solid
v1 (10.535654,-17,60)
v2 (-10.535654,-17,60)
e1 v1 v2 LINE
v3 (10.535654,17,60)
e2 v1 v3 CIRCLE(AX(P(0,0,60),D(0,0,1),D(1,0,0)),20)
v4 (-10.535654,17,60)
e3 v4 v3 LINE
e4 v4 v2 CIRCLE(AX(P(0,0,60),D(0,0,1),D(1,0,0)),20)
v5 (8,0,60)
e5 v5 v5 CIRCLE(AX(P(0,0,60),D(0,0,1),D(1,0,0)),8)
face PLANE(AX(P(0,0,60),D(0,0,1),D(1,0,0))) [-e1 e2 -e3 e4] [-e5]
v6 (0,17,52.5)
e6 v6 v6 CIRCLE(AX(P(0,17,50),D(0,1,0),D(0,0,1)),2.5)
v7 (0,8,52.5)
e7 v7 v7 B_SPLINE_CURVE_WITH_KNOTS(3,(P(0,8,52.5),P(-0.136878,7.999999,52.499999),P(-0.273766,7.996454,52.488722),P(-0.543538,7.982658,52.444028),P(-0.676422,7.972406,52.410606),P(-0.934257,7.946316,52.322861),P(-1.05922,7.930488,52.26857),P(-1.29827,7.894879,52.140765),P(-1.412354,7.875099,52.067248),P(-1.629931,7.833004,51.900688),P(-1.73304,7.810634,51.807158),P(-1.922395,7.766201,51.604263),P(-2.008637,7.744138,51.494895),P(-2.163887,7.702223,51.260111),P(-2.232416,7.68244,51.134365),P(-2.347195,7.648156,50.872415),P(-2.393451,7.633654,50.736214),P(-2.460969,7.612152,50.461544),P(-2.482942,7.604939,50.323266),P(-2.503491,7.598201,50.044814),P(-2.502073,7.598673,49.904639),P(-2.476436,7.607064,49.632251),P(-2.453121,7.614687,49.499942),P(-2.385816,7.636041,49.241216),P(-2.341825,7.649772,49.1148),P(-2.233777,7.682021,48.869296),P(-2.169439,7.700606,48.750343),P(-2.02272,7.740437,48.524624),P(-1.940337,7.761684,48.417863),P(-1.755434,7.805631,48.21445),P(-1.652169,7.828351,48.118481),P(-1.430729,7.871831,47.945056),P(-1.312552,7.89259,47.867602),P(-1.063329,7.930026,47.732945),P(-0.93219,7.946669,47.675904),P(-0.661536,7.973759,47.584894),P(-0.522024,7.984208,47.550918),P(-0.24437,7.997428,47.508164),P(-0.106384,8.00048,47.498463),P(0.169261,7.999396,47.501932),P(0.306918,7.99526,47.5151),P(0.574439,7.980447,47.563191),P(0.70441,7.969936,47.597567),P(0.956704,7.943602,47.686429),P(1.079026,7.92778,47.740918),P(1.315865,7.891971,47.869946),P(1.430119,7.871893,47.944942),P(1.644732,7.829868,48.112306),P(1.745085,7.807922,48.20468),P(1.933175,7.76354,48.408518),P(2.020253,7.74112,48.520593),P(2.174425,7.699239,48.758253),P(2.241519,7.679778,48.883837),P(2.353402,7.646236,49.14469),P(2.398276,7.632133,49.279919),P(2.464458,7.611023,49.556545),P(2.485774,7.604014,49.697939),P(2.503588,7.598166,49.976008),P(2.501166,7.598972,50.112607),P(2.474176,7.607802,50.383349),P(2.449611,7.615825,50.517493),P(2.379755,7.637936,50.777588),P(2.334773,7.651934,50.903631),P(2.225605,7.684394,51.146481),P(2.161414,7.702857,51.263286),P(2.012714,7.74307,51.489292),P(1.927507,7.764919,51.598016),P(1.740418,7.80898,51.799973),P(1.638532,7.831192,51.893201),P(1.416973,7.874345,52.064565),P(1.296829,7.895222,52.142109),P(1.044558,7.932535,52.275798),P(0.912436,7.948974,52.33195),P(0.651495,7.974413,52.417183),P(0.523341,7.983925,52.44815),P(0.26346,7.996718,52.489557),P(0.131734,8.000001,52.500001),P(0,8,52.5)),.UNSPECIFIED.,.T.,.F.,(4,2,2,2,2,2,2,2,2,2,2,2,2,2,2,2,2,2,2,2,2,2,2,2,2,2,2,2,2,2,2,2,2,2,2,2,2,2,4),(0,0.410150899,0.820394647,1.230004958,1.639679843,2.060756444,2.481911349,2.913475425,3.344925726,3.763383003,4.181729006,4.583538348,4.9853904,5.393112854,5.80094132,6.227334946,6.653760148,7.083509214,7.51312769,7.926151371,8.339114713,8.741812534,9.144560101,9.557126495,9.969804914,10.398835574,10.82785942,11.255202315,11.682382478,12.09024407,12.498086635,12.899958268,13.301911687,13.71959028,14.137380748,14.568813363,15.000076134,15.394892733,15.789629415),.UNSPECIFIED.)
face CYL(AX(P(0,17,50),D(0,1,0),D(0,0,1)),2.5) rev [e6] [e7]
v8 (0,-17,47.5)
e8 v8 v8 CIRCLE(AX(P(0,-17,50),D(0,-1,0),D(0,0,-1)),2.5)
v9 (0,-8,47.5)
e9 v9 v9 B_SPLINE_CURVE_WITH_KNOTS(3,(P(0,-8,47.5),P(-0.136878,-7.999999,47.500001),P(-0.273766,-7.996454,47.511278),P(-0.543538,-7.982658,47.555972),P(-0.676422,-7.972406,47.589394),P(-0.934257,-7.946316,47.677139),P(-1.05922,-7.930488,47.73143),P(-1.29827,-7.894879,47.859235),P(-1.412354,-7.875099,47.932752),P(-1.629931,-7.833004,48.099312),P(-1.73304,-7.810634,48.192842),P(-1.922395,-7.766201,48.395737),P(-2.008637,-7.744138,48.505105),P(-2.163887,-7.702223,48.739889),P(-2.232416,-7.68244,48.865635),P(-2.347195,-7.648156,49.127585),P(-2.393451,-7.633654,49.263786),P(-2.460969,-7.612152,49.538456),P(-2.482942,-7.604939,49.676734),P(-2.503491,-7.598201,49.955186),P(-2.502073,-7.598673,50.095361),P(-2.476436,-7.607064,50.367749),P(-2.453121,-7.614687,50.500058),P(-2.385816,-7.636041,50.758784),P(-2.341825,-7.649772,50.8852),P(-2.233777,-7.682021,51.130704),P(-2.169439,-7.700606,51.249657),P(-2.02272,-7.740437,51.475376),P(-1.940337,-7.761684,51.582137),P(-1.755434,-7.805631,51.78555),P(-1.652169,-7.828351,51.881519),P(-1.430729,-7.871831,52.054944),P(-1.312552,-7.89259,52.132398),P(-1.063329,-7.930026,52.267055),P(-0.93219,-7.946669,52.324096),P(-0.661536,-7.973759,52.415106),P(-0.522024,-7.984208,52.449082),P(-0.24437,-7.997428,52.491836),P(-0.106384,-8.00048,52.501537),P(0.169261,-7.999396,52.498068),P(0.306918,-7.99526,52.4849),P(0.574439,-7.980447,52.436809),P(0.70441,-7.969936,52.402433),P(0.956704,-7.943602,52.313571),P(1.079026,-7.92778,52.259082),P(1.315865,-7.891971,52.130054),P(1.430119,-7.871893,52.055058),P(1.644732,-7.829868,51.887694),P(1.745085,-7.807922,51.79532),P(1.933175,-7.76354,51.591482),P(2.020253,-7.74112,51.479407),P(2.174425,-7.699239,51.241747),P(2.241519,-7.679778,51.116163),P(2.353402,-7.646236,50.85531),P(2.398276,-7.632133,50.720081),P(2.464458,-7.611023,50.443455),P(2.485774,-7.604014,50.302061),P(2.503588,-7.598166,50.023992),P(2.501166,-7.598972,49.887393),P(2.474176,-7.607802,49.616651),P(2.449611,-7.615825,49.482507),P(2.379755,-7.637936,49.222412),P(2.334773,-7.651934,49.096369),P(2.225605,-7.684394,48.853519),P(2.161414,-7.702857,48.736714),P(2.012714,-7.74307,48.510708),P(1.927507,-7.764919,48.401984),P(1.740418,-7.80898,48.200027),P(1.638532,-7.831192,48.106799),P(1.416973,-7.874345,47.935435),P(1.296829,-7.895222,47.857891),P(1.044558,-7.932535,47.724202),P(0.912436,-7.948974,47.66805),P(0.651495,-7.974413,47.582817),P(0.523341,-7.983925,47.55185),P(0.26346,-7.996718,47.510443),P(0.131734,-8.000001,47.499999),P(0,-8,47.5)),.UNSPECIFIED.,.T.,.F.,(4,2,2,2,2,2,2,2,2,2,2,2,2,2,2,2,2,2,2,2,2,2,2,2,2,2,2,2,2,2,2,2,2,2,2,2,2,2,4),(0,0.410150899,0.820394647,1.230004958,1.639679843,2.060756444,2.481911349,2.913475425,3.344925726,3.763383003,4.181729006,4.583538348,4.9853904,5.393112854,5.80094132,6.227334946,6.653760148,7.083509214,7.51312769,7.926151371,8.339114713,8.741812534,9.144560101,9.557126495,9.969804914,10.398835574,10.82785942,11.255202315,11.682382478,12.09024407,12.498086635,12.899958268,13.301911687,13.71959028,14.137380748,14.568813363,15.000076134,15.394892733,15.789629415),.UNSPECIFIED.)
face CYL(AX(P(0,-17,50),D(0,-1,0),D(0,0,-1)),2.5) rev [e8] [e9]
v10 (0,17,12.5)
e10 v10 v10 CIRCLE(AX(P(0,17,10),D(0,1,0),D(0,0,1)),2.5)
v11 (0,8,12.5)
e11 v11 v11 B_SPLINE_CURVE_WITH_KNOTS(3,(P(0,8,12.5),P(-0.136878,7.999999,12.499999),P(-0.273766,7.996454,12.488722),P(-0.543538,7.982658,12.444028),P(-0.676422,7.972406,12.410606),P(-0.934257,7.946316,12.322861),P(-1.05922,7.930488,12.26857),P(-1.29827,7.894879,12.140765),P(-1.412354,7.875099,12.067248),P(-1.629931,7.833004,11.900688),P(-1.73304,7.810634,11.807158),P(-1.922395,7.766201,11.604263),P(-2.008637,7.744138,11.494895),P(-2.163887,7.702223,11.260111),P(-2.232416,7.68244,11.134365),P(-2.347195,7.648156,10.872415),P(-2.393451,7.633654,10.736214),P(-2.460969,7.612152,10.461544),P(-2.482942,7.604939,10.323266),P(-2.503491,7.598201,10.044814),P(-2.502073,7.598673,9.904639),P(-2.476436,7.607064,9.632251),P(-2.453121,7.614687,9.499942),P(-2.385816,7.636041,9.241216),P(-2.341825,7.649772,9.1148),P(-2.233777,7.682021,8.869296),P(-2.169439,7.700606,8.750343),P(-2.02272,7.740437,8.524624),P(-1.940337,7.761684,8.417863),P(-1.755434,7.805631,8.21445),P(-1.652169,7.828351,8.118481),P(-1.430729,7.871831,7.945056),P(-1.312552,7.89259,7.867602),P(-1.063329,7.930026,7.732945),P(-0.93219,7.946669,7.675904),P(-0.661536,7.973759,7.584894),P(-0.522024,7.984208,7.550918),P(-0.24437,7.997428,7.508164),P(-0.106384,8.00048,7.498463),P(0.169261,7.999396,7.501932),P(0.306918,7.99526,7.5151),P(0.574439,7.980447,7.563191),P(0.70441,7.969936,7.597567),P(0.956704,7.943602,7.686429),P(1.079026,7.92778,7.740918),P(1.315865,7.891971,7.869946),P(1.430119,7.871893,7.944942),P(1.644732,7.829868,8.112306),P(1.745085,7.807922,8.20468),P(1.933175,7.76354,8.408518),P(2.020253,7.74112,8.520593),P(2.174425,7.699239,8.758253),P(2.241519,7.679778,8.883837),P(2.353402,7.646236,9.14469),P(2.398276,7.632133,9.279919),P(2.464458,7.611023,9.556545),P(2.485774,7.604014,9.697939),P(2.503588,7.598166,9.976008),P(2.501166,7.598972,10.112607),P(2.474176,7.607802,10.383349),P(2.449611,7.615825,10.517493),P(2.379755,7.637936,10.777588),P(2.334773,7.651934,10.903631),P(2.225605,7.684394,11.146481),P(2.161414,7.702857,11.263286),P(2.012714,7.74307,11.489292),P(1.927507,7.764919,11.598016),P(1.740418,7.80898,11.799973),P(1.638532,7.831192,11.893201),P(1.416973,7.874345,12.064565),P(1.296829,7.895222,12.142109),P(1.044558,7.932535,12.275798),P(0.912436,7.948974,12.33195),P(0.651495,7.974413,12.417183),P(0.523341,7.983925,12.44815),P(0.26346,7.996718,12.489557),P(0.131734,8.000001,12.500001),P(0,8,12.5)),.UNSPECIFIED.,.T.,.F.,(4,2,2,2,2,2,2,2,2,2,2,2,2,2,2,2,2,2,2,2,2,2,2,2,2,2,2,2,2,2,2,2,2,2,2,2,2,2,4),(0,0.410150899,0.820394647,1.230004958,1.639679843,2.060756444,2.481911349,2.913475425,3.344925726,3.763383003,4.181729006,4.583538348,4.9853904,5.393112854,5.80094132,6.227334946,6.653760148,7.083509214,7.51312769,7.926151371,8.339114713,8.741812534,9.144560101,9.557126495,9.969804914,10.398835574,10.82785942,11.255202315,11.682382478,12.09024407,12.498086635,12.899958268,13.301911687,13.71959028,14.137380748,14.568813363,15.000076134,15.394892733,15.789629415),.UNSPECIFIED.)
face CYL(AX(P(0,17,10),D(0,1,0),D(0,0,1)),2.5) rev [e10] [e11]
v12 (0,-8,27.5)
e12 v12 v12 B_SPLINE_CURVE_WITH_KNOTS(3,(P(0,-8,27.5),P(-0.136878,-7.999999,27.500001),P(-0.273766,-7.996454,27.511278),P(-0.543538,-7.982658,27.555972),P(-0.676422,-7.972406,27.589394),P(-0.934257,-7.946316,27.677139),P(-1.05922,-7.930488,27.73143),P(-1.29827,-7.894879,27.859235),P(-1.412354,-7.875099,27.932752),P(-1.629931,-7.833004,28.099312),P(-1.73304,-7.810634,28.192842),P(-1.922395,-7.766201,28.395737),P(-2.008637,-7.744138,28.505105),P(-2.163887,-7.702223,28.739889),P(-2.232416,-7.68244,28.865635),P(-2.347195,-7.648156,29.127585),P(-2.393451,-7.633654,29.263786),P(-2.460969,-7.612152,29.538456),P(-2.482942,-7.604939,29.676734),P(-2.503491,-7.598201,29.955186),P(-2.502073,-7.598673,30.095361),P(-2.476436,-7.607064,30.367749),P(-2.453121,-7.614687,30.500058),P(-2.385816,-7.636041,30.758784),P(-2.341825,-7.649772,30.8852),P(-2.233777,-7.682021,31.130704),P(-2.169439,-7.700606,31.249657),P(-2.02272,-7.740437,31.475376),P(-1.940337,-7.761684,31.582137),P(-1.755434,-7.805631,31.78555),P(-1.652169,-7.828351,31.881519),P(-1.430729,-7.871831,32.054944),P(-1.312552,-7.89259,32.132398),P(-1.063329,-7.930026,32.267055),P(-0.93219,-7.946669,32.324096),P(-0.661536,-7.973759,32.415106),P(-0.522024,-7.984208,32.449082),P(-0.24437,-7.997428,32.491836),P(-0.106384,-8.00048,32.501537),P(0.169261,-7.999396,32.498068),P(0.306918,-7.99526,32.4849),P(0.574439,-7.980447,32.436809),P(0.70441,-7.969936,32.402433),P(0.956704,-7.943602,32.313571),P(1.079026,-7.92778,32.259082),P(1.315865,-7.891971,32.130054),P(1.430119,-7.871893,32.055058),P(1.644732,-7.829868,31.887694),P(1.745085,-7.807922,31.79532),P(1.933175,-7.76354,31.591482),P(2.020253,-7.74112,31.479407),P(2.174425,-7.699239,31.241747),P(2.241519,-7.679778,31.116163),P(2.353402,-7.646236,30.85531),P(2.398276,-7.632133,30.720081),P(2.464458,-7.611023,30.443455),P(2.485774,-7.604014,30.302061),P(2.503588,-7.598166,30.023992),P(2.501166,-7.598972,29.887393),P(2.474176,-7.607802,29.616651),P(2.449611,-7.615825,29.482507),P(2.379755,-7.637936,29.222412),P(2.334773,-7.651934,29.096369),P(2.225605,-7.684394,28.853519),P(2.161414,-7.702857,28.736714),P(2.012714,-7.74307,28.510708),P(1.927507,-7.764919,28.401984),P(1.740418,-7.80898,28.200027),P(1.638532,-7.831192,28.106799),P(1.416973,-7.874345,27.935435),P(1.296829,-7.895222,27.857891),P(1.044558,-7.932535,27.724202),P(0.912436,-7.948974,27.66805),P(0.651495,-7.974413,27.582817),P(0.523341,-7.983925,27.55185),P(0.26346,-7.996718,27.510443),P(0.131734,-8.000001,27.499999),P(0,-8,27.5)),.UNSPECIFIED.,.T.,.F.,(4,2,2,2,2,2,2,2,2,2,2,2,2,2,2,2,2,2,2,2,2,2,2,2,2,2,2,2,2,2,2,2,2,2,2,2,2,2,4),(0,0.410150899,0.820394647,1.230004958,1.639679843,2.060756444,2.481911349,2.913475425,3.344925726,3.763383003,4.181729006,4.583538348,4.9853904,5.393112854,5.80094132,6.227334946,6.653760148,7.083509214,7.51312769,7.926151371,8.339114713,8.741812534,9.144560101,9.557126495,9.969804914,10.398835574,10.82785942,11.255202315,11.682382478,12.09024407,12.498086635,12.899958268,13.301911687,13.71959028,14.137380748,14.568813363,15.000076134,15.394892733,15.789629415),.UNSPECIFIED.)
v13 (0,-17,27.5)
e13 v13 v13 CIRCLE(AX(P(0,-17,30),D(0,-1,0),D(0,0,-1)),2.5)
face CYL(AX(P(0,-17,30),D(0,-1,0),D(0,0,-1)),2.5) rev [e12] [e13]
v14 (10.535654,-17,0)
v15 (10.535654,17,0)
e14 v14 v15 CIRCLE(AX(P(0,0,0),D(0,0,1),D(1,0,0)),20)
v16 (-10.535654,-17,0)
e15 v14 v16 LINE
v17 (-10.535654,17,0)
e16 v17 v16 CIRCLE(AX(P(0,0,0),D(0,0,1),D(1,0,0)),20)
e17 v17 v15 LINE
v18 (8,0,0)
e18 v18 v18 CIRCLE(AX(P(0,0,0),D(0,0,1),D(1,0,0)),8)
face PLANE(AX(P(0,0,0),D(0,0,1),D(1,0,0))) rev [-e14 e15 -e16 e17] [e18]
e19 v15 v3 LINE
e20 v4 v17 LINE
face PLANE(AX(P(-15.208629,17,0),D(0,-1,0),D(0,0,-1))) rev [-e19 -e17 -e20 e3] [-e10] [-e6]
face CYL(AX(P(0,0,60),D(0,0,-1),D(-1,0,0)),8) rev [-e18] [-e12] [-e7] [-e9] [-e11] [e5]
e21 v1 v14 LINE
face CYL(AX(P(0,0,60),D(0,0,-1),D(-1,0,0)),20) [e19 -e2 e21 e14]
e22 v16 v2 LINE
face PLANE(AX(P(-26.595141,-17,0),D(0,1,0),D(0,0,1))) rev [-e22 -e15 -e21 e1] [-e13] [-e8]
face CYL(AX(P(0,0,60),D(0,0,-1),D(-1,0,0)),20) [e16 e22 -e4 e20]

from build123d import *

# Parameters (mm, degrees)
ESQUISSE1_R             = 20
ESQUISSE1_R_2           = 8
BOSS_EXTRU_1_DEPTH      = 60
ESQUISSE2_W             = 40
ESQUISSE2_H             = 4.835178206
ESQUISSE2_W_2           = 44.689434038
ESQUISSE2_H_2           = 5.086258347
ENL_V_MAT_EXTRU_1_DEPTH = 60
TROU_TARAUD_M61_D       = 5
TROU_TARAUD_M61_DEPTH   = 13
TROU_TARAUD_M61_TIP     = 1.502151548
TROU_TARAUD_M62_D       = 5
TROU_TARAUD_M62_DEPTH   = 15
TROU_TARAUD_M62_TIP     = 1.502151548


with BuildPart() as part:
    # Esquisse1 → Boss.-Extru.1 (new body)
    with BuildSketch(Plane.XY):
        Circle(ESQUISSE1_R)
        Circle(ESQUISSE1_R_2, mode=Mode.SUBTRACT)
    extrude(amount=BOSS_EXTRU_1_DEPTH)

    # Esquisse2 → Enlèv. mat.-Extru.1 (cut)
    with BuildSketch(Plane.XY.offset(60)):
        with Locations((4.791370724, 19.417589103)):
            Rectangle(ESQUISSE2_W, ESQUISSE2_H)
        with Locations((-4.250423756, -19.543129173)):
            Rectangle(ESQUISSE2_W_2, ESQUISSE2_H_2)
    extrude(amount=-ENL_V_MAT_EXTRU_1_DEPTH, mode=Mode.SUBTRACT)

    # Trou taraudé M61
    with Locations(Plane(origin=(0, 17, 50), x_dir=(0, 0, 1), z_dir=(0, 1, 0))):
        with Locations((0, 0), (-40, 0)):
            Hole(TROU_TARAUD_M61_D / 2, depth=TROU_TARAUD_M61_DEPTH)
            with Locations((0, 0, -(TROU_TARAUD_M61_DEPTH + TROU_TARAUD_M61_TIP / 2))):  # 118° drill point
                Cone(0, TROU_TARAUD_M61_D / 2, TROU_TARAUD_M61_TIP, mode=Mode.SUBTRACT)

    # Trou taraudé M62
    with Locations(Plane(origin=(0, -17, 50), x_dir=(0, 0, -1), z_dir=(0, -1, 0))):
        with Locations((0, 0), (20, 0)):
            Hole(TROU_TARAUD_M62_D / 2, depth=TROU_TARAUD_M62_DEPTH)
            with Locations((0, 0, -(TROU_TARAUD_M62_DEPTH + TROU_TARAUD_M62_TIP / 2))):  # 118° drill point
                Cone(0, TROU_TARAUD_M62_D / 2, TROU_TARAUD_M62_TIP, mode=Mode.SUBTRACT)


solid = part.part
